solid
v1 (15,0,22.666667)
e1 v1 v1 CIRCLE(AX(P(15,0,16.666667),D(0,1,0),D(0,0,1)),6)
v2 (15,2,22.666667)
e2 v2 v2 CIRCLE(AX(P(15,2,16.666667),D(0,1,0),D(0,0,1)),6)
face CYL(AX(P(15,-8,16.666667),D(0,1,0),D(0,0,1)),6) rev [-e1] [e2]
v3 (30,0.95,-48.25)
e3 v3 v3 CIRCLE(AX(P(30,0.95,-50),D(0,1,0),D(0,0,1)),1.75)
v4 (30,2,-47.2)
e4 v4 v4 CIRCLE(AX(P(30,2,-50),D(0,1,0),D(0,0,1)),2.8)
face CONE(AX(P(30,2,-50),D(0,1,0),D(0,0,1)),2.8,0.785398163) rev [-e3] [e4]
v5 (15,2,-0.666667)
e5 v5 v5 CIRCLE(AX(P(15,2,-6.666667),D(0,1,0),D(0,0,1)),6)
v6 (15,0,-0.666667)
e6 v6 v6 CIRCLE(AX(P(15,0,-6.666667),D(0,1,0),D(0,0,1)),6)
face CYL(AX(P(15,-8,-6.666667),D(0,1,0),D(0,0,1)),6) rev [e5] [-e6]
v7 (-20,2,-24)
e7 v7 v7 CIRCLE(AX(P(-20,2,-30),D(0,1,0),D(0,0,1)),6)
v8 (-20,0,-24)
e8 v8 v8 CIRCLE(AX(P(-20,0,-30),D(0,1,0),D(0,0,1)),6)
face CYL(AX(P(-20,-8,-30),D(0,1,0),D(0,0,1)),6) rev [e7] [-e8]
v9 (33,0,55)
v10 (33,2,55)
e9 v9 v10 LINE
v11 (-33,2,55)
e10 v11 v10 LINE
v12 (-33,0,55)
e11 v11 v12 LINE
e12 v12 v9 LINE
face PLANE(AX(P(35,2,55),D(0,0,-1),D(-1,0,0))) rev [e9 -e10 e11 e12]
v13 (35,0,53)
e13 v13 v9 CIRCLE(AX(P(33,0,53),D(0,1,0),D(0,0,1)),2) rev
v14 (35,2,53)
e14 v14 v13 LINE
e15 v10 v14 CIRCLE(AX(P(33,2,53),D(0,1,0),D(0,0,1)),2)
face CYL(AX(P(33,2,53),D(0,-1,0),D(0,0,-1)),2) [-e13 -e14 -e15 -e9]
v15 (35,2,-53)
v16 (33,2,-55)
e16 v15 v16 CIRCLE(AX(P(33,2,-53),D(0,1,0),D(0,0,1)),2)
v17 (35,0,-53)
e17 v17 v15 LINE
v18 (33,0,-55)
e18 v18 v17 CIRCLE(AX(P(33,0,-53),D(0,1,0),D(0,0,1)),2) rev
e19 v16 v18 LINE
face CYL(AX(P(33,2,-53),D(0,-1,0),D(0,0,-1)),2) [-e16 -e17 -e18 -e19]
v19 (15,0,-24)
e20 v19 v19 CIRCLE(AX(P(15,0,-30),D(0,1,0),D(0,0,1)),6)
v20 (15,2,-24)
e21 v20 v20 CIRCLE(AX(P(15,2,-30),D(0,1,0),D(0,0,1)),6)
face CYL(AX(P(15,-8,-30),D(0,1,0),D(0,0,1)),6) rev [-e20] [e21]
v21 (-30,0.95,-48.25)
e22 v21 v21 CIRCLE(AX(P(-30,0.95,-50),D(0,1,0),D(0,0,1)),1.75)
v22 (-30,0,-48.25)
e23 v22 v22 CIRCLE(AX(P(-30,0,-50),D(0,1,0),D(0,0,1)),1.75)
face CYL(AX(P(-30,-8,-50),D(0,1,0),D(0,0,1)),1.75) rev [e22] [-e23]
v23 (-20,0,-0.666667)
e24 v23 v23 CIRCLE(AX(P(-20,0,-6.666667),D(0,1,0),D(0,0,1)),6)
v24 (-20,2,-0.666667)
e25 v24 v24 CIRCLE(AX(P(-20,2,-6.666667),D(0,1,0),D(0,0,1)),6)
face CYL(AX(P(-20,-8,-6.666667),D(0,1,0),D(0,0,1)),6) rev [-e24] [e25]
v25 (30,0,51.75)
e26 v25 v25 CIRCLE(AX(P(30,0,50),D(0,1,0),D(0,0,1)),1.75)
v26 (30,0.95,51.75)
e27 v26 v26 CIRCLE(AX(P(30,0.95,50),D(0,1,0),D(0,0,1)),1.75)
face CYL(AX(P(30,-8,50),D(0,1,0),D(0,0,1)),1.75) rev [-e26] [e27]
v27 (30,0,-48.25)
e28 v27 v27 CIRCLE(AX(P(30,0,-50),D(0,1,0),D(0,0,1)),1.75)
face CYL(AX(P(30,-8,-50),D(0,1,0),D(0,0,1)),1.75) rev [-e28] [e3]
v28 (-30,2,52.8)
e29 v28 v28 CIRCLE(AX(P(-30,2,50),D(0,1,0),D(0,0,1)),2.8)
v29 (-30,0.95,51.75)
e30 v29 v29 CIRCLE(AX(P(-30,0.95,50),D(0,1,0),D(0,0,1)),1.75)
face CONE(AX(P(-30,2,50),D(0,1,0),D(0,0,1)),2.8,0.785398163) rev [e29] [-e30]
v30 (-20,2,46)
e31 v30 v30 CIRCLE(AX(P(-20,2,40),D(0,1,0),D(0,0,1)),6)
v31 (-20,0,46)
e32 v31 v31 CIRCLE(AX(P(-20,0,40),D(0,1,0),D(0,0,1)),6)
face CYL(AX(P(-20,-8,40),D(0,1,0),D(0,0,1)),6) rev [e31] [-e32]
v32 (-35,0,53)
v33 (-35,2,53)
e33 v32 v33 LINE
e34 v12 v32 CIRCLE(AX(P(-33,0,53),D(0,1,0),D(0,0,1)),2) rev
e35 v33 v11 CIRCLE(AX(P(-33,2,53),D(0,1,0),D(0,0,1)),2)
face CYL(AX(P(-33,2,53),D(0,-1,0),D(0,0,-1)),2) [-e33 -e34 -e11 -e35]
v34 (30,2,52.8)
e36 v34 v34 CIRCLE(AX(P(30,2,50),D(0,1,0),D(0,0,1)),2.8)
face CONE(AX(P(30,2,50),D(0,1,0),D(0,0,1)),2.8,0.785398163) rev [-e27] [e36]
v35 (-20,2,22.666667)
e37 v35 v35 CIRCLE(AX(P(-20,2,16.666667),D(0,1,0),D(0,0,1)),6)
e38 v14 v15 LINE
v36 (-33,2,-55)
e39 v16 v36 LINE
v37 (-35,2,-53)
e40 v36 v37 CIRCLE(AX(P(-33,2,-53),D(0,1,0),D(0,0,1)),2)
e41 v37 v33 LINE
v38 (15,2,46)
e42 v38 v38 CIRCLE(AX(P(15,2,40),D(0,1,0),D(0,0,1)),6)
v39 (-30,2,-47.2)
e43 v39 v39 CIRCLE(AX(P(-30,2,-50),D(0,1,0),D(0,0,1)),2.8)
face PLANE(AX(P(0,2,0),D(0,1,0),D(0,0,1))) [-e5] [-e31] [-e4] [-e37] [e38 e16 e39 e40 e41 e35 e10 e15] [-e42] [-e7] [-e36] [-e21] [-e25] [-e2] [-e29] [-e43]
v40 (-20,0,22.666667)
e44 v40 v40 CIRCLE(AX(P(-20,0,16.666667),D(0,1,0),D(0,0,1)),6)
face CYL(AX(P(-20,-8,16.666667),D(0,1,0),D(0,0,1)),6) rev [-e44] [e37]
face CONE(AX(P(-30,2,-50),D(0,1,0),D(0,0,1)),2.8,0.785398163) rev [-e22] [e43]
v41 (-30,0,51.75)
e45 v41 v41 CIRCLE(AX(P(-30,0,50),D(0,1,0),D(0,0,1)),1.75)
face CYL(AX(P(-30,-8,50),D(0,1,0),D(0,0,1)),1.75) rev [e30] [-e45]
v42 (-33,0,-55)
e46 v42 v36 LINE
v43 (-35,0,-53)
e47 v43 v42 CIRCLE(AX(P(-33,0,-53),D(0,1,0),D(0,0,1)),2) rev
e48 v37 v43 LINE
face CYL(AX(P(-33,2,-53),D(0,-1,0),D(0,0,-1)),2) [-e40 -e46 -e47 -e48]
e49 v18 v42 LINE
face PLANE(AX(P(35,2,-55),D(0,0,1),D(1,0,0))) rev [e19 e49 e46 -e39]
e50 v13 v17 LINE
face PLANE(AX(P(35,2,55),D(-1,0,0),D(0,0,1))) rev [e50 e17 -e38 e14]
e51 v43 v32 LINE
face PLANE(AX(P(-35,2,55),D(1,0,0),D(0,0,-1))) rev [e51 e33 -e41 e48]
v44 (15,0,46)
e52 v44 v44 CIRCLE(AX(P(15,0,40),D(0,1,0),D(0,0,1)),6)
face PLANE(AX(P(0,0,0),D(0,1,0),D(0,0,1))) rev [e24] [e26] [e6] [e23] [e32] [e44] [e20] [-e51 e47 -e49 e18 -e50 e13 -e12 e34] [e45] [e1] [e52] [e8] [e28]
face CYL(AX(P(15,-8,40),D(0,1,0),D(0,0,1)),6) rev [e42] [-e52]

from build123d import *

# Parameters (mm, degrees)
FACE_PLATE_W           = 70
FACE_PLATE_H           = 110
FACE_PLATE_EXT_DEPTH   = 2
BUTTONS_R              = 6
BUTTONS_CUT_DEPTH      = 10
M3_TOP_SCREW_R         = 1.75
M3_TOP_SCREW_CUT_DEPTH = 10
FILLET1_R              = 2
FILLET2_R              = 2
FILLET3_R              = 2
FILLET4_R              = 2


with BuildPart() as part:
    # Face Plate → Face Plate Ext (new body)
    with BuildSketch(Plane(origin=(0, 0, 0), x_dir=(1, 0, 0), z_dir=(0, 1, 0))):
        Rectangle(FACE_PLATE_W, FACE_PLATE_H)
    extrude(amount=FACE_PLATE_EXT_DEPTH)

    # Buttons → Buttons CUT (cut)
    with BuildSketch(Plane(origin=(0, 2, 0), x_dir=(1, 0, 0), z_dir=(0, 1, 0))):
        with Locations(Location((-20, 30, 0), (0, 0, 270))):
            Circle(BUTTONS_R)
        with Locations(Location((15, 30, 0), (0, 0, 270))):
            Circle(BUTTONS_R)
        with Locations(Location((-20, 6.666666667, 0), (0, 0, 270))):
            Circle(BUTTONS_R)
        with Locations(Location((15, 6.666666667, 0), (0, 0, 270))):
            Circle(BUTTONS_R)
        with Locations(Location((-20, -16.666666667, 0), (0, 0, 270))):
            Circle(BUTTONS_R)
        with Locations(Location((-20, -40, 0), (0, 0, 270))):
            Circle(BUTTONS_R)
        with Locations(Location((15, -16.666666667, 0), (0, 0, 270))):
            Circle(BUTTONS_R)
        with Locations(Location((15, -40, 0), (0, 0, 270))):
            Circle(BUTTONS_R)
    extrude(amount=-BUTTONS_CUT_DEPTH, mode=Mode.SUBTRACT)

    # M3 Top Screw → M3 Top Screw CUT (cut)
    with BuildSketch(Plane(origin=(0, 2, 0), x_dir=(1, 0, 0), z_dir=(0, 1, 0))):
        with Locations(Location((-30, 50, 0), (0, 0, 270))):
            Circle(M3_TOP_SCREW_R)
        with Locations(Location((30, 50, 0), (0, 0, 270))):
            Circle(M3_TOP_SCREW_R)
        with Locations(Location((-30, -50, 0), (0, 0, 270))):
            Circle(M3_TOP_SCREW_R)
        with Locations(Location((30, -50, 0), (0, 0, 270))):
            Circle(M3_TOP_SCREW_R)
    extrude(amount=-M3_TOP_SCREW_CUT_DEPTH, mode=Mode.SUBTRACT)

    # M3 Head Top CUT cone 1 section (through the dimple's axis) → M3 Head Top CUT (revolve, cut)
    with BuildSketch(Plane(origin=(-30, 2, -50), x_dir=(0, 0, 1), z_dir=(1, 0, 0))):
        Polygon((0, 0), (2.8, 0), (0, 2.8), align=None)
    revolve(axis=Axis((-30, 2, -50), (0, -1, 0)), mode=Mode.SUBTRACT)

    # M3 Head Top CUT cone 2 section (through the dimple's axis) → M3 Head Top CUT cone 2 (revolve, cut)
    with BuildSketch(Plane(origin=(30, 2, -50), x_dir=(0, 0, 1), z_dir=(1, 0, 0))):
        Polygon((0, 0), (2.8, 0), (0, 2.8), align=None)
    revolve(axis=Axis((30, 2, -50), (0, -1, 0)), mode=Mode.SUBTRACT)

    # M3 Head Top CUT cone 3 section (through the dimple's axis) → M3 Head Top CUT cone 3 (revolve, cut)
    with BuildSketch(Plane(origin=(30, 2, 50), x_dir=(0, 0, 1), z_dir=(1, 0, 0))):
        Polygon((0, 0), (2.8, 0), (0, 2.8), align=None)
    revolve(axis=Axis((30, 2, 50), (0, -1, 0)), mode=Mode.SUBTRACT)

    # M3 Head Top CUT cone 4 section (through the dimple's axis) → M3 Head Top CUT cone 4 (revolve, cut)
    with BuildSketch(Plane(origin=(-30, 2, 50), x_dir=(0, 0, 1), z_dir=(1, 0, 0))):
        Polygon((0, 0), (2.8, 0), (0, 2.8), align=None)
    revolve(axis=Axis((-30, 2, 50), (0, -1, 0)), mode=Mode.SUBTRACT)

    # Fillet1
    fillet1_edges = [part.edges().sort_by_distance(p)[0] for p in [
        (-35, 1, -55),
    ]]
    fillet(fillet1_edges, radius=FILLET1_R)

    # Fillet2
    fillet2_edges = [part.edges().sort_by_distance(p)[0] for p in [
        (35, 1, -55),
    ]]
    fillet(fillet2_edges, radius=FILLET2_R)

    # Fillet3
    fillet3_edges = [part.edges().sort_by_distance(p)[0] for p in [
        (35, 1, 55),
    ]]
    fillet(fillet3_edges, radius=FILLET3_R)

    # Fillet4
    fillet4_edges = [part.edges().sort_by_distance(p)[0] for p in [
        (-35, 1, 55),
    ]]
    fillet(fillet4_edges, radius=FILLET4_R)


solid = part.part
